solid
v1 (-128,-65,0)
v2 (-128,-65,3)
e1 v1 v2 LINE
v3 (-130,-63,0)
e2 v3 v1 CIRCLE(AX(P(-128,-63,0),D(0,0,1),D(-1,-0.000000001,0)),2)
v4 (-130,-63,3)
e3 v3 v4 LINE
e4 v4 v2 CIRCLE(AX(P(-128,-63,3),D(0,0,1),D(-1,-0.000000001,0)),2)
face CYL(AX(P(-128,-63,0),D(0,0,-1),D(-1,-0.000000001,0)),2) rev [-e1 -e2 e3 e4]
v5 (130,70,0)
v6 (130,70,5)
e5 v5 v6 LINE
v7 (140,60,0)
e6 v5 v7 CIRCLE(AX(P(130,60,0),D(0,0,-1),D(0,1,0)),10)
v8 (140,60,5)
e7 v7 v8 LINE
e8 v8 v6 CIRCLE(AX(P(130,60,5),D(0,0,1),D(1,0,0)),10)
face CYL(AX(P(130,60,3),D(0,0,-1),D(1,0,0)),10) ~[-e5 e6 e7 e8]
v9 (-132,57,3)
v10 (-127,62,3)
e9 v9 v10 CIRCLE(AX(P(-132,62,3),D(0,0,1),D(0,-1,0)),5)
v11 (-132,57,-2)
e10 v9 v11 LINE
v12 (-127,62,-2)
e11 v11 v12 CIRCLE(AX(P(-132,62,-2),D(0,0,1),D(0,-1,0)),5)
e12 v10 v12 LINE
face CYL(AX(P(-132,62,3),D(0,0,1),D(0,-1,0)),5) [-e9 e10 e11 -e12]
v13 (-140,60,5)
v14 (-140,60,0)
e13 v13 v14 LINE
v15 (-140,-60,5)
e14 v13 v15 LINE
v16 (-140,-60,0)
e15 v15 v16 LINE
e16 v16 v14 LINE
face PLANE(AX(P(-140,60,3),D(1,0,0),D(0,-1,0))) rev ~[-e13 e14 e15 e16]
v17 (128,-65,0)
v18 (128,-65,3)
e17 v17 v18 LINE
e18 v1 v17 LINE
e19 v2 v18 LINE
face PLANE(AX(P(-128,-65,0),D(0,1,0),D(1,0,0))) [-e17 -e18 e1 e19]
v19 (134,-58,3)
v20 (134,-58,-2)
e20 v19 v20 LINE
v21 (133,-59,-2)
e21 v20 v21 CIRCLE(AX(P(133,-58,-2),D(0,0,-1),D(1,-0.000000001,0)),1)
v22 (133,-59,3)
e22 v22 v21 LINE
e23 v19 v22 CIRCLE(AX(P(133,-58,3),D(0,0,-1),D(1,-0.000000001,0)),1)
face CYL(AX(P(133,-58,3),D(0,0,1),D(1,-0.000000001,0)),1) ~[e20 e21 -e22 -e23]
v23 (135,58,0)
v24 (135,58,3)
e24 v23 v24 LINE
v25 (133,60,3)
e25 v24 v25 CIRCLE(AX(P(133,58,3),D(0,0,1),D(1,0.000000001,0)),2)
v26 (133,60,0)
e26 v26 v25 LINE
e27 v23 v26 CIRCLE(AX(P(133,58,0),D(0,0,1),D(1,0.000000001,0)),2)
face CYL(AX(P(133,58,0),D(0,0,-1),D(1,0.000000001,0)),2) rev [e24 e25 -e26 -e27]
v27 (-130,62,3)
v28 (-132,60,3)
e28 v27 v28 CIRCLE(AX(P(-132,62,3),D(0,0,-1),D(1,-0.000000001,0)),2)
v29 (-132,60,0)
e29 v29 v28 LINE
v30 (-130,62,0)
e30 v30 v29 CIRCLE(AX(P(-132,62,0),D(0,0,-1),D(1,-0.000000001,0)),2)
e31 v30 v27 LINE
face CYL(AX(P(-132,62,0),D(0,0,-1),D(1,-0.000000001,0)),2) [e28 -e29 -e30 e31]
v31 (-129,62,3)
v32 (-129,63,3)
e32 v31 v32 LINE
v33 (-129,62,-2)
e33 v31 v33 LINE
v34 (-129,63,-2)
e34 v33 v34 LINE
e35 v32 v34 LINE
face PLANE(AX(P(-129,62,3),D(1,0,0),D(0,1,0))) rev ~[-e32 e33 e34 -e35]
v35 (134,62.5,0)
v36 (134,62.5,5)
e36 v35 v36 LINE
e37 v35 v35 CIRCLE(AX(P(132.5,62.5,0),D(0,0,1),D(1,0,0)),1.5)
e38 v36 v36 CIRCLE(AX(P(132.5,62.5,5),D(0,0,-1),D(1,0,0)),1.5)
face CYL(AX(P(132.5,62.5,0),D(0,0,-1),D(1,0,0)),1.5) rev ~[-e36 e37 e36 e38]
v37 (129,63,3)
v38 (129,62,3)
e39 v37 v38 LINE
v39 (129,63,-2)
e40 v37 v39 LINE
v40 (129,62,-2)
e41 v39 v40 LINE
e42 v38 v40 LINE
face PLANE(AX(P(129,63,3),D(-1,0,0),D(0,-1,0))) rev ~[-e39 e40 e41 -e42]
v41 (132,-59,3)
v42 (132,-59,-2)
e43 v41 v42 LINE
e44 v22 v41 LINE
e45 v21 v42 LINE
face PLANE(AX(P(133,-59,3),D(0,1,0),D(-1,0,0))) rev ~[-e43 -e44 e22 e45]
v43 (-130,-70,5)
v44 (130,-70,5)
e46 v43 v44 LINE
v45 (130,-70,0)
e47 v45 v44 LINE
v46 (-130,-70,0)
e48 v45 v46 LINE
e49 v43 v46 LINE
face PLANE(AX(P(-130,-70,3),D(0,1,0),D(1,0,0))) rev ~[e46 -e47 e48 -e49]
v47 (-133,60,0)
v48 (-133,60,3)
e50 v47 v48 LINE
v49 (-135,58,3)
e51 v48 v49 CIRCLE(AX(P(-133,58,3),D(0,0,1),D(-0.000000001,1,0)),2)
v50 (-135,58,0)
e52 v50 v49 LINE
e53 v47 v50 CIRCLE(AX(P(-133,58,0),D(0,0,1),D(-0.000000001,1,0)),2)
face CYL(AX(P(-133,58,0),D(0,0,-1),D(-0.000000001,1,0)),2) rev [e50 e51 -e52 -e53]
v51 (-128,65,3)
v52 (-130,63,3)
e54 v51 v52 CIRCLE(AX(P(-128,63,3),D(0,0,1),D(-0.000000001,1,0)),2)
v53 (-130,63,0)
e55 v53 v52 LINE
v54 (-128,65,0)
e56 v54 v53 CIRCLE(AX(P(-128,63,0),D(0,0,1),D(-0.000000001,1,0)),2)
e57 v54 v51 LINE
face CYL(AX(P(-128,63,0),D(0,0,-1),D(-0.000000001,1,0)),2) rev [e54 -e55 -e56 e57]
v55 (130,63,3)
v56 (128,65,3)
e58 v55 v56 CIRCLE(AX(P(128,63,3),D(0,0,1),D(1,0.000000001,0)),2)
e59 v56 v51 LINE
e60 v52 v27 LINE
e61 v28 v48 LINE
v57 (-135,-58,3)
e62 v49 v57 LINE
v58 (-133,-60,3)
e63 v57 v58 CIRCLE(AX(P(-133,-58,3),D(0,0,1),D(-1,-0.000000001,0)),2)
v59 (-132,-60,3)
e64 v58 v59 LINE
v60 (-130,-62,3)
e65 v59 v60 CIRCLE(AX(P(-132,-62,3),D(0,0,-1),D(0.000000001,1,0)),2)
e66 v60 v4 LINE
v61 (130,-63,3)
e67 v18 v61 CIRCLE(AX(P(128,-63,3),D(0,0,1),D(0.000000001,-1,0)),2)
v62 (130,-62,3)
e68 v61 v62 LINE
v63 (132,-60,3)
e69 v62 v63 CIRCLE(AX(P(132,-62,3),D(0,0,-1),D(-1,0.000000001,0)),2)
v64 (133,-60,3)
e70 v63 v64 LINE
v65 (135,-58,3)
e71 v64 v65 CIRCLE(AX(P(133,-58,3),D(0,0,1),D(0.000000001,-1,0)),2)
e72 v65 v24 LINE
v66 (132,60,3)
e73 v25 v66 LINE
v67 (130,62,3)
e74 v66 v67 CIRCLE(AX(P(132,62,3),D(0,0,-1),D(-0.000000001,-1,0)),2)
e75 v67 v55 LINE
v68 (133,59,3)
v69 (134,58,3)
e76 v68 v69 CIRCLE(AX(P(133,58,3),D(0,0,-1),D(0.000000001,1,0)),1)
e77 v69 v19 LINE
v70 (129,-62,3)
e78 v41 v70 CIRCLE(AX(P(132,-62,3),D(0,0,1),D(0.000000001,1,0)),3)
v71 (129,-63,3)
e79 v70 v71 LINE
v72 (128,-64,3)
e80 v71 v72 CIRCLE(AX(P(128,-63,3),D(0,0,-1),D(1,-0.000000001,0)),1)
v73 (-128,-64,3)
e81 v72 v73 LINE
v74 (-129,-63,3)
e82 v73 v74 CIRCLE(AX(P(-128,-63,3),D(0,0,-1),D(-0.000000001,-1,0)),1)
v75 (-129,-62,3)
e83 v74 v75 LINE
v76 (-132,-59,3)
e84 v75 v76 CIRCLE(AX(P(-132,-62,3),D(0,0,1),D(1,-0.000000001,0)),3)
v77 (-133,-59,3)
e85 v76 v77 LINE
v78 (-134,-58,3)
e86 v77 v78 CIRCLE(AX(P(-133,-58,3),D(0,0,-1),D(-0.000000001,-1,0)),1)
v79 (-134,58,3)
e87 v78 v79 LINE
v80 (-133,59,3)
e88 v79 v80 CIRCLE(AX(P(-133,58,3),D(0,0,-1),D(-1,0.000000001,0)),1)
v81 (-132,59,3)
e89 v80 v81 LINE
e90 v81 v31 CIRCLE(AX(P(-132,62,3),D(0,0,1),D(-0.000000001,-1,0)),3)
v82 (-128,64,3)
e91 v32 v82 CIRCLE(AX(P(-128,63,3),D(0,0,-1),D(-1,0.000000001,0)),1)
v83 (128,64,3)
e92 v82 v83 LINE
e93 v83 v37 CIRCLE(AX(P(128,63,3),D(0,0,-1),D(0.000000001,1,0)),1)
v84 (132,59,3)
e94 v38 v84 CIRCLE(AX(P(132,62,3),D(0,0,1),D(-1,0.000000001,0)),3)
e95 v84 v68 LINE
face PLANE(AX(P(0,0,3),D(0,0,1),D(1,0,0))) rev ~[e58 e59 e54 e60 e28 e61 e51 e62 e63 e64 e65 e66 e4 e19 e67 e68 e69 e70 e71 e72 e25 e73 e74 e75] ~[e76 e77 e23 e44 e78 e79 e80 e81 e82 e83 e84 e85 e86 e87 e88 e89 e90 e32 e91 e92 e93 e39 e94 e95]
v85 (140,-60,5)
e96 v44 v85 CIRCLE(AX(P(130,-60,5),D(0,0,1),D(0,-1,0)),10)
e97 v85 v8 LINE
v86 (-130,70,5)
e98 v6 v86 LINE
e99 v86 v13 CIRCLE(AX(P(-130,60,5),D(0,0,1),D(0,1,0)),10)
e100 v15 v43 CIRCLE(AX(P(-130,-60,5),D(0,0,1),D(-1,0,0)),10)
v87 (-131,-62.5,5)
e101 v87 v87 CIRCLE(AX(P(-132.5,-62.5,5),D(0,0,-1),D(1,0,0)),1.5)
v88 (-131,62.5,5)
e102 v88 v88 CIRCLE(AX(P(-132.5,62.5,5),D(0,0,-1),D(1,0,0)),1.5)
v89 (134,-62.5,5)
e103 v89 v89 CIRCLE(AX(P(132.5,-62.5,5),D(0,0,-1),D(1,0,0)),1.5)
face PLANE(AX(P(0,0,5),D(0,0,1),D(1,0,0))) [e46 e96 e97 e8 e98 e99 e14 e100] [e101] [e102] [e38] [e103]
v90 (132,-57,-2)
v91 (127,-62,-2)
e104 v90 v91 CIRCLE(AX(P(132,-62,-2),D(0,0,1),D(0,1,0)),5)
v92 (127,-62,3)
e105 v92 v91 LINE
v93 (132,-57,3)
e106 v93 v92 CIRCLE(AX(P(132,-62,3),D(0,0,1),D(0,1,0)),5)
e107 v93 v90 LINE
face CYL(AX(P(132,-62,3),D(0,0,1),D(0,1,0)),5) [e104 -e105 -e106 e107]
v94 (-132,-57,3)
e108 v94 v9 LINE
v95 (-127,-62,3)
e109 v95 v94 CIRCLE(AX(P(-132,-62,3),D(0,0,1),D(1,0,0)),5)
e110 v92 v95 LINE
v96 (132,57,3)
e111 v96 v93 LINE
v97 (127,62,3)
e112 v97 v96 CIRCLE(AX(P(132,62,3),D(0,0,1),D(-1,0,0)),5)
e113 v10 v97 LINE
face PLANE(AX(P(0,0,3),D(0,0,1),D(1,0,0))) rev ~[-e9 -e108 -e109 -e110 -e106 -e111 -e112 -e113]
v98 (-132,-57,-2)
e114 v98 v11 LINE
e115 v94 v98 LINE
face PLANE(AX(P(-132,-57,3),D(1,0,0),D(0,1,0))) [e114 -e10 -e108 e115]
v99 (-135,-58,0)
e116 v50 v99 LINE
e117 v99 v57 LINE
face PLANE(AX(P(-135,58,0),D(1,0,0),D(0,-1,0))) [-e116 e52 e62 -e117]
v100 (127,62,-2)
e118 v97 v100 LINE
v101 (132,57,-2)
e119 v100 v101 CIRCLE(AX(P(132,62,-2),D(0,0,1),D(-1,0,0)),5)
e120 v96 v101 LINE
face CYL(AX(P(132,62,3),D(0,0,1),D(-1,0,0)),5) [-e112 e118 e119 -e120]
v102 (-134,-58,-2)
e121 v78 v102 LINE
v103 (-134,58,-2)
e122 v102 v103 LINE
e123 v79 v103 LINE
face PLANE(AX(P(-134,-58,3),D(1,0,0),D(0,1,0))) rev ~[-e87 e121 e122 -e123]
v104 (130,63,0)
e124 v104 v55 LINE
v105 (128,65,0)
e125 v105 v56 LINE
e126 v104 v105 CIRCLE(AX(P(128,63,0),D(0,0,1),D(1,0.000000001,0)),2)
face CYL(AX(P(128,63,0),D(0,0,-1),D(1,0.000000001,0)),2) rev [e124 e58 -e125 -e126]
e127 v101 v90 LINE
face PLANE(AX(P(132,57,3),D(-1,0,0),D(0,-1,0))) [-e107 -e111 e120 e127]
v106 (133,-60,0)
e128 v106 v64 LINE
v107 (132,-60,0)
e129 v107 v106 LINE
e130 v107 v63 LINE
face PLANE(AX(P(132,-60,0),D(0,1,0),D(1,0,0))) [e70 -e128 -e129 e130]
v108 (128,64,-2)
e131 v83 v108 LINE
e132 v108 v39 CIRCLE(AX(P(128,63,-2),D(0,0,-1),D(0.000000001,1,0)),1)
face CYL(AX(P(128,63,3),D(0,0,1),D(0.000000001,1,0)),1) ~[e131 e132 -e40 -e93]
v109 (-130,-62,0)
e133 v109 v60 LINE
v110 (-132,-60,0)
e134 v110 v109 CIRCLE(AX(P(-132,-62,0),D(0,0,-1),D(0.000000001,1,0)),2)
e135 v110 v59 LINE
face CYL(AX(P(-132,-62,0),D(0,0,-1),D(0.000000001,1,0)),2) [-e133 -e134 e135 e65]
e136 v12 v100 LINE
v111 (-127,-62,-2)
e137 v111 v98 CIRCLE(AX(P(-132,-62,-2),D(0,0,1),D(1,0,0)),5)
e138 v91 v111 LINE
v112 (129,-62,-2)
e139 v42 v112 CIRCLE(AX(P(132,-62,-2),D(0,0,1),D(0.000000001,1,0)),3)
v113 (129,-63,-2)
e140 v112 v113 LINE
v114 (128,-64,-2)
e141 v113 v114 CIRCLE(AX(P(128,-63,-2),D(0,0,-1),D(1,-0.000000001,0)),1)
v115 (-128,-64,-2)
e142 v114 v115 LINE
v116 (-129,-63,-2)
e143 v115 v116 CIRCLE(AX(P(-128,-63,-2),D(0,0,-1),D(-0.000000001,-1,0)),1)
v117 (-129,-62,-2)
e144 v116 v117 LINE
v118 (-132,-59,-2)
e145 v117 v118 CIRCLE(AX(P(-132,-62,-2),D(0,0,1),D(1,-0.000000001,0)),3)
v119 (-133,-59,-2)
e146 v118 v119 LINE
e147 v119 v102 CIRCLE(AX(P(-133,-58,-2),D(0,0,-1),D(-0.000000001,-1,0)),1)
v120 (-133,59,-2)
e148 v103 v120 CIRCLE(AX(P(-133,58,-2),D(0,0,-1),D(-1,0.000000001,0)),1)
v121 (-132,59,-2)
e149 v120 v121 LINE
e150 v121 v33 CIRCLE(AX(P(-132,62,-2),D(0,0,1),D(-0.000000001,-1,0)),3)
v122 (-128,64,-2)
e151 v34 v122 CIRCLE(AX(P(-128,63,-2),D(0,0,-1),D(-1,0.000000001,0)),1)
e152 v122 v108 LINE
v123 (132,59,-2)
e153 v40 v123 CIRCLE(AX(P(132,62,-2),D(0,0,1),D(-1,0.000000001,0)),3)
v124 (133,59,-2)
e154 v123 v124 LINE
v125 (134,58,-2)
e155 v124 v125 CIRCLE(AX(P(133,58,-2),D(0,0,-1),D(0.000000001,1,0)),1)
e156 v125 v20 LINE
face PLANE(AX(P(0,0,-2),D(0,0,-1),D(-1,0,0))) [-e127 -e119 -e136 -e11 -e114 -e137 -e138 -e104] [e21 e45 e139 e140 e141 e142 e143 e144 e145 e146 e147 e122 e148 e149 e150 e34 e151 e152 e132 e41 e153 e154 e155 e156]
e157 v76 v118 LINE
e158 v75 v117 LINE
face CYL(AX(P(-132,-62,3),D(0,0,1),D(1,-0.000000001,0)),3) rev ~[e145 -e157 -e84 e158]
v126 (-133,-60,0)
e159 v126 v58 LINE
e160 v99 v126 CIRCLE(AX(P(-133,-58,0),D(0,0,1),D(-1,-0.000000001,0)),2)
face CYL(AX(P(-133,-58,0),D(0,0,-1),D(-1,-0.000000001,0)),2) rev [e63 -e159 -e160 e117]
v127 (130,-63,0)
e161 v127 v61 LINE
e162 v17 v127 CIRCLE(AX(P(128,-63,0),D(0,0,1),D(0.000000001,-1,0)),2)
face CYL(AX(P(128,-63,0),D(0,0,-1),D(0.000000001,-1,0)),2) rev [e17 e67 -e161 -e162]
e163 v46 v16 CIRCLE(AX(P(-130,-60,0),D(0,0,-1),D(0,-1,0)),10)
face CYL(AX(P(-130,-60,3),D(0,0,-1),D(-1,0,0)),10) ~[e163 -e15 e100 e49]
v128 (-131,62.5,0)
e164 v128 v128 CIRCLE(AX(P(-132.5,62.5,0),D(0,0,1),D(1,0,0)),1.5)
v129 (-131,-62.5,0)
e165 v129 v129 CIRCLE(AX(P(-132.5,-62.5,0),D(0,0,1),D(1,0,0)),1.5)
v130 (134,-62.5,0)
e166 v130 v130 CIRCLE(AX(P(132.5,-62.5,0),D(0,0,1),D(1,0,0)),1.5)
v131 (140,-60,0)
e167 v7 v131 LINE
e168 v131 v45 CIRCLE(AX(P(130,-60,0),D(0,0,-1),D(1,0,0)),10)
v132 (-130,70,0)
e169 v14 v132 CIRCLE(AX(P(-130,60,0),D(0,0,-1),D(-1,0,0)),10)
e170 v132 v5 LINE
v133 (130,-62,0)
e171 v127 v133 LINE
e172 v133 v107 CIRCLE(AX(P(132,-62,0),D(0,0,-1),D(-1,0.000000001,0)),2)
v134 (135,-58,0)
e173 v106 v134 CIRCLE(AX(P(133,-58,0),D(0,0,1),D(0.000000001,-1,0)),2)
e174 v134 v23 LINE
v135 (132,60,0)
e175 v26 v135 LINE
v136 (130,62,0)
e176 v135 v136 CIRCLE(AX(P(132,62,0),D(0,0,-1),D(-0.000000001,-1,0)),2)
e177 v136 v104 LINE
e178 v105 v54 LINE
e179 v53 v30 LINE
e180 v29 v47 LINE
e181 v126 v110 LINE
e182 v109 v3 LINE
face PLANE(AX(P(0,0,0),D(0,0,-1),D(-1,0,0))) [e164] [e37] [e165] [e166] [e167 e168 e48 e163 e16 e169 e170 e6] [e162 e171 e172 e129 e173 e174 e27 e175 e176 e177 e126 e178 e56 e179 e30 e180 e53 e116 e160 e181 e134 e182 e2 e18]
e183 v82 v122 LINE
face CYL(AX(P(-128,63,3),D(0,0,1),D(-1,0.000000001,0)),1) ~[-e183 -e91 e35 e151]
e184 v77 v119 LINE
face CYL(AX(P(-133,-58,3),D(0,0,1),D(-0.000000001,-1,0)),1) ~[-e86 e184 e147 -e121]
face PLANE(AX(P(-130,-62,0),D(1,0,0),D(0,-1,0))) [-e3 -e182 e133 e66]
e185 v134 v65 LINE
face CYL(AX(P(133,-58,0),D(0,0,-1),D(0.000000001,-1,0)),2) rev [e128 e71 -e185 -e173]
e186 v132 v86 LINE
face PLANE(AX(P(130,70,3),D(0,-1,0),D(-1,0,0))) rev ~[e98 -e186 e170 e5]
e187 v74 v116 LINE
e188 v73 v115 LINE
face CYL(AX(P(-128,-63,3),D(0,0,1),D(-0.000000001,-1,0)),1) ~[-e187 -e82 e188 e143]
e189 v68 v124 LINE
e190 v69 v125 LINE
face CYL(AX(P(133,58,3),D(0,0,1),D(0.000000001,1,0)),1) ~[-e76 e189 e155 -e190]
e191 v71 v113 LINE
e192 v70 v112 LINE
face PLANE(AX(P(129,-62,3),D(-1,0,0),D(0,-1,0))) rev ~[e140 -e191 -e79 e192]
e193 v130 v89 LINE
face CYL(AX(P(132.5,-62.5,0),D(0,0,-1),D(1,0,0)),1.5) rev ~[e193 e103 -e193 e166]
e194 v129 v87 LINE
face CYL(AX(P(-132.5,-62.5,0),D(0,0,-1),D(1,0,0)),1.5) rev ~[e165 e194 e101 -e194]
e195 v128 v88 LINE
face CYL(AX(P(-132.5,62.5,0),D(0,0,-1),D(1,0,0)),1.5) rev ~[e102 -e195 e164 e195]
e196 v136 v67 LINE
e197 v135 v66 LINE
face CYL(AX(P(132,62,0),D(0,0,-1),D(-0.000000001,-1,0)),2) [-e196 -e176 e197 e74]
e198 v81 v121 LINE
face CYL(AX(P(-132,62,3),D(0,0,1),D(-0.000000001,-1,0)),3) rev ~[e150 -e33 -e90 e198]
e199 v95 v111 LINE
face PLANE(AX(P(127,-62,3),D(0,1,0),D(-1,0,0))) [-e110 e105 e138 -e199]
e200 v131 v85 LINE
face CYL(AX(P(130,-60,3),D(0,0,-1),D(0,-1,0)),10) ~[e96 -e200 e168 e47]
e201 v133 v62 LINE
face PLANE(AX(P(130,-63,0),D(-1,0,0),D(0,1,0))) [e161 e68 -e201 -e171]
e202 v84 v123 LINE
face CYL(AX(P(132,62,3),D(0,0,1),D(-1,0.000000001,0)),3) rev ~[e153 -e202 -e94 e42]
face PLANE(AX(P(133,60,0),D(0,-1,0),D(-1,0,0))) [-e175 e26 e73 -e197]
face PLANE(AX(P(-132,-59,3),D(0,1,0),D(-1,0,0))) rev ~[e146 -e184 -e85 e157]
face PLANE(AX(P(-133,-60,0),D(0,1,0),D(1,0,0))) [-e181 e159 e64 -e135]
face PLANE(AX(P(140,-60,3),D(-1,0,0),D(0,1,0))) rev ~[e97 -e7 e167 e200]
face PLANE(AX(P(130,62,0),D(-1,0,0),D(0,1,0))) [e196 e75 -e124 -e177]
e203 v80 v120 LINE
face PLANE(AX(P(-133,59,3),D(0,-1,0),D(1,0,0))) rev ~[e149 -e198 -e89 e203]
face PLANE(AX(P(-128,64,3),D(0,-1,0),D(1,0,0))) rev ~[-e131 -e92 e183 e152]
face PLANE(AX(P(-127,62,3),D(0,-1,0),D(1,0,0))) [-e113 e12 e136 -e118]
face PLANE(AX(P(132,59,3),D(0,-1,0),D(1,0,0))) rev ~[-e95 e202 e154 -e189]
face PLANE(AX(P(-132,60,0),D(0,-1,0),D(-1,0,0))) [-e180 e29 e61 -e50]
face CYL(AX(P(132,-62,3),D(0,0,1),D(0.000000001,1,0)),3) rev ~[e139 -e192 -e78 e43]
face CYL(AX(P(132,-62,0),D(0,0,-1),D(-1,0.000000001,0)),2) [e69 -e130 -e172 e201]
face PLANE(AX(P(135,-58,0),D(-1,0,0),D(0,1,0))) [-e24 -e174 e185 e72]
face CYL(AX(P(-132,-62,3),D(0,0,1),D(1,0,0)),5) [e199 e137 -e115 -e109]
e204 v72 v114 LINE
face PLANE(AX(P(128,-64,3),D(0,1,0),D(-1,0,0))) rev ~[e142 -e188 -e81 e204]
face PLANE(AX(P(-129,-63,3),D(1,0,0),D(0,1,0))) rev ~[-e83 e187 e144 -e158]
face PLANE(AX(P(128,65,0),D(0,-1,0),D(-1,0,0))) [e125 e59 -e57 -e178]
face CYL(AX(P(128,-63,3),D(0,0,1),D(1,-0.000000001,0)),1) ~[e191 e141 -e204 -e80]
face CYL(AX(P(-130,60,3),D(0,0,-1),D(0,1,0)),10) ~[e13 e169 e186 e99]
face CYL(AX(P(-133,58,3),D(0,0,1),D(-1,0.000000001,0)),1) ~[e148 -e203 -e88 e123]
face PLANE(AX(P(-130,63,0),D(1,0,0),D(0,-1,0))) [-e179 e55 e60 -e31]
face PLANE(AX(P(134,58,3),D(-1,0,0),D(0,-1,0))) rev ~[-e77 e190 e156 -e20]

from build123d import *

# Parameters (mm, degrees)
SKETCH1_R           = 1.5
BOSS_EXTRUDE2_DEPTH = 3
BOSS_EXTRUDE3_DEPTH = 2
SKETCH3_R           = 1.5
CUT_EXTRUDE1_DEPTH  = 15.208
BOSS_EXTRUDE4_DEPTH = 5


with BuildPart() as part:
    # Sketch1 → Boss-Extrude2 (new body)
    with BuildSketch(Plane.XY):
        with BuildLine():
            Line((130, -70), (-130, -70))
            ThreePointArc((-130, -70), (-137.071067812, -67.071067812), (-140, -60))
            Line((-140, -60), (-140, 60))
            ThreePointArc((-140, 60), (-137.071067812, 67.071067812), (-130, 70))
            Line((-130, 70), (130, 70))
            ThreePointArc((130, 70), (137.071067812, 67.071067812), (140, 60))
            Line((140, 60), (140, -60))
            ThreePointArc((140, -60), (137.071067812, -67.071067812), (130, -70))
        make_face()
        with Locations((132.5, 62.5)):
            Circle(SKETCH1_R, mode=Mode.SUBTRACT)
        with Locations((-132.5, 62.5)):
            Circle(SKETCH1_R, mode=Mode.SUBTRACT)
        with Locations((-132.5, -62.5)):
            Circle(SKETCH1_R, mode=Mode.SUBTRACT)
        with Locations((132.5, -62.5)):
            Circle(SKETCH1_R, mode=Mode.SUBTRACT)
        with BuildLine():
            Line((130, 62), (130, 63))
            ThreePointArc((130, 63), (129.414213562, 64.414213562), (128, 65))
            Line((128, 65), (-128, 65))
            ThreePointArc((-128, 65), (-129.414213562, 64.414213562), (-130, 63))
            Line((-130, 63), (-130, 62))
            ThreePointArc((-130, 62), (-130.585786438, 60.585786438), (-132, 60))
            Line((-132, 60), (-133, 60))
            ThreePointArc((-133, 60), (-134.414213562, 59.414213562), (-135, 58))
            Line((-135, 58), (-135, -58))
            ThreePointArc((-135, -58), (-134.414213562, -59.414213562), (-133, -60))
            Line((-133, -60), (-132, -60))
            ThreePointArc((-132, -60), (-130.585786438, -60.585786438), (-130, -62))
            Line((-130, -62), (-130, -63))
            ThreePointArc((-130, -63), (-129.414213562, -64.414213562), (-128, -65))
            Line((-128, -65), (128, -65))
            ThreePointArc((128, -65), (129.414213562, -64.414213562), (130, -63))
            Line((130, -63), (130, -62))
            ThreePointArc((130, -62), (130.585786438, -60.585786438), (132, -60))
            Line((132, -60), (133, -60))
            ThreePointArc((133, -60), (134.414213562, -59.414213562), (135, -58))
            Line((135, -58), (135, 58))
            ThreePointArc((135, 58), (134.414213562, 59.414213562), (133, 60))
            Line((133, 60), (132, 60))
            ThreePointArc((132, 60), (130.585786438, 60.585786438), (130, 62))
        make_face(mode=Mode.SUBTRACT)
    extrude(amount=BOSS_EXTRUDE2_DEPTH)

    # Sketch2 → Boss-Extrude3 (add)
    with BuildSketch(Plane.XY.offset(3)):
        with BuildLine():
            Line((-130, -70), (130, -70))
            ThreePointArc((130, -70), (137.071067812, -67.071067812), (140, -60))
            Line((140, -60), (140, 60))
            ThreePointArc((140, 60), (137.071067812, 67.071067812), (130, 70))
            Line((130, 70), (-130, 70))
            ThreePointArc((-130, 70), (-137.071067812, 67.071067812), (-140, 60))
            Line((-140, 60), (-140, -60))
            ThreePointArc((-140, -60), (-137.071067812, -67.071067812), (-130, -70))
        make_face()
    extrude(amount=BOSS_EXTRUDE3_DEPTH)

    # Sketch3 → Cut-Extrude1 (cut)
    with BuildSketch(Plane(origin=(0, 0, 0), x_dir=(-1, 0, 0), z_dir=(0, 0, -1))):
        with Locations(Location((-132.5, -62.5, 0), (0, 0, 180))):
            Circle(SKETCH3_R)
        with Locations(Location((-132.5, 62.5, 0), (0, 0, 180))):
            Circle(SKETCH3_R)
        with Locations(Location((132.5, -62.5, 0), (0, 0, 180))):
            Circle(SKETCH3_R)
        with Locations(Location((132.5, 62.5, 0), (0, 0, 180))):
            Circle(SKETCH3_R)
    extrude(amount=-CUT_EXTRUDE1_DEPTH, mode=Mode.SUBTRACT)

    # Sketch4 → Boss-Extrude4 (add)
    with BuildSketch(Plane(origin=(0, 0, 3), x_dir=(-1, 0, 0), z_dir=(0, 0, -1))):
        with BuildLine():
            Line((129, 62), (129, 63))
            ThreePointArc((129, 63), (128.707106781, 63.707106781), (128, 64))
            Line((128, 64), (-128, 64))
            ThreePointArc((-128, 64), (-128.707106781, 63.707106781), (-129, 63))
            Line((-129, 63), (-129, 62))
            ThreePointArc((-129, 62), (-129.878679656, 59.878679656), (-132, 59))
            Line((-132, 59), (-133, 59))
            ThreePointArc((-133, 59), (-133.707106781, 58.707106781), (-134, 58))
            Line((-134, 58), (-134, -58))
            ThreePointArc((-134, -58), (-133.707106781, -58.707106781), (-133, -59))
            Line((-133, -59), (-132, -59))
            ThreePointArc((-132, -59), (-129.878679656, -59.878679656), (-129, -62))
            Line((-129, -62), (-129, -63))
            ThreePointArc((-129, -63), (-128.707106781, -63.707106781), (-128, -64))
            Line((-128, -64), (128, -64))
            ThreePointArc((128, -64), (128.707106781, -63.707106781), (129, -63))
            Line((129, -63), (129, -62))
            ThreePointArc((129, -62), (129.878679656, -59.878679656), (132, -59))
            Line((132, -59), (133, -59))
            ThreePointArc((133, -59), (133.707106781, -58.707106781), (134, -58))
            Line((134, -58), (134, 58))
            ThreePointArc((134, 58), (133.707106781, 58.707106781), (133, 59))
            Line((133, 59), (132, 59))
            ThreePointArc((132, 59), (129.878679656, 59.878679656), (129, 62))
        make_face()
        with BuildLine():
            Line((127, 62), (-127, 62))
            ThreePointArc((-127, 62), (-128.464466094, 58.464466094), (-132, 57))
            Line((-132, 57), (-132, -57))
            ThreePointArc((-132, -57), (-128.464466094, -58.464466094), (-127, -62))
            Line((-127, -62), (127, -62))
            ThreePointArc((127, -62), (128.464466094, -58.464466094), (132, -57))
            Line((132, -57), (132, 57))
            ThreePointArc((132, 57), (128.464466094, 58.464466094), (127, 62))
        make_face(mode=Mode.SUBTRACT)
    extrude(amount=BOSS_EXTRUDE4_DEPTH)


solid = part.part
